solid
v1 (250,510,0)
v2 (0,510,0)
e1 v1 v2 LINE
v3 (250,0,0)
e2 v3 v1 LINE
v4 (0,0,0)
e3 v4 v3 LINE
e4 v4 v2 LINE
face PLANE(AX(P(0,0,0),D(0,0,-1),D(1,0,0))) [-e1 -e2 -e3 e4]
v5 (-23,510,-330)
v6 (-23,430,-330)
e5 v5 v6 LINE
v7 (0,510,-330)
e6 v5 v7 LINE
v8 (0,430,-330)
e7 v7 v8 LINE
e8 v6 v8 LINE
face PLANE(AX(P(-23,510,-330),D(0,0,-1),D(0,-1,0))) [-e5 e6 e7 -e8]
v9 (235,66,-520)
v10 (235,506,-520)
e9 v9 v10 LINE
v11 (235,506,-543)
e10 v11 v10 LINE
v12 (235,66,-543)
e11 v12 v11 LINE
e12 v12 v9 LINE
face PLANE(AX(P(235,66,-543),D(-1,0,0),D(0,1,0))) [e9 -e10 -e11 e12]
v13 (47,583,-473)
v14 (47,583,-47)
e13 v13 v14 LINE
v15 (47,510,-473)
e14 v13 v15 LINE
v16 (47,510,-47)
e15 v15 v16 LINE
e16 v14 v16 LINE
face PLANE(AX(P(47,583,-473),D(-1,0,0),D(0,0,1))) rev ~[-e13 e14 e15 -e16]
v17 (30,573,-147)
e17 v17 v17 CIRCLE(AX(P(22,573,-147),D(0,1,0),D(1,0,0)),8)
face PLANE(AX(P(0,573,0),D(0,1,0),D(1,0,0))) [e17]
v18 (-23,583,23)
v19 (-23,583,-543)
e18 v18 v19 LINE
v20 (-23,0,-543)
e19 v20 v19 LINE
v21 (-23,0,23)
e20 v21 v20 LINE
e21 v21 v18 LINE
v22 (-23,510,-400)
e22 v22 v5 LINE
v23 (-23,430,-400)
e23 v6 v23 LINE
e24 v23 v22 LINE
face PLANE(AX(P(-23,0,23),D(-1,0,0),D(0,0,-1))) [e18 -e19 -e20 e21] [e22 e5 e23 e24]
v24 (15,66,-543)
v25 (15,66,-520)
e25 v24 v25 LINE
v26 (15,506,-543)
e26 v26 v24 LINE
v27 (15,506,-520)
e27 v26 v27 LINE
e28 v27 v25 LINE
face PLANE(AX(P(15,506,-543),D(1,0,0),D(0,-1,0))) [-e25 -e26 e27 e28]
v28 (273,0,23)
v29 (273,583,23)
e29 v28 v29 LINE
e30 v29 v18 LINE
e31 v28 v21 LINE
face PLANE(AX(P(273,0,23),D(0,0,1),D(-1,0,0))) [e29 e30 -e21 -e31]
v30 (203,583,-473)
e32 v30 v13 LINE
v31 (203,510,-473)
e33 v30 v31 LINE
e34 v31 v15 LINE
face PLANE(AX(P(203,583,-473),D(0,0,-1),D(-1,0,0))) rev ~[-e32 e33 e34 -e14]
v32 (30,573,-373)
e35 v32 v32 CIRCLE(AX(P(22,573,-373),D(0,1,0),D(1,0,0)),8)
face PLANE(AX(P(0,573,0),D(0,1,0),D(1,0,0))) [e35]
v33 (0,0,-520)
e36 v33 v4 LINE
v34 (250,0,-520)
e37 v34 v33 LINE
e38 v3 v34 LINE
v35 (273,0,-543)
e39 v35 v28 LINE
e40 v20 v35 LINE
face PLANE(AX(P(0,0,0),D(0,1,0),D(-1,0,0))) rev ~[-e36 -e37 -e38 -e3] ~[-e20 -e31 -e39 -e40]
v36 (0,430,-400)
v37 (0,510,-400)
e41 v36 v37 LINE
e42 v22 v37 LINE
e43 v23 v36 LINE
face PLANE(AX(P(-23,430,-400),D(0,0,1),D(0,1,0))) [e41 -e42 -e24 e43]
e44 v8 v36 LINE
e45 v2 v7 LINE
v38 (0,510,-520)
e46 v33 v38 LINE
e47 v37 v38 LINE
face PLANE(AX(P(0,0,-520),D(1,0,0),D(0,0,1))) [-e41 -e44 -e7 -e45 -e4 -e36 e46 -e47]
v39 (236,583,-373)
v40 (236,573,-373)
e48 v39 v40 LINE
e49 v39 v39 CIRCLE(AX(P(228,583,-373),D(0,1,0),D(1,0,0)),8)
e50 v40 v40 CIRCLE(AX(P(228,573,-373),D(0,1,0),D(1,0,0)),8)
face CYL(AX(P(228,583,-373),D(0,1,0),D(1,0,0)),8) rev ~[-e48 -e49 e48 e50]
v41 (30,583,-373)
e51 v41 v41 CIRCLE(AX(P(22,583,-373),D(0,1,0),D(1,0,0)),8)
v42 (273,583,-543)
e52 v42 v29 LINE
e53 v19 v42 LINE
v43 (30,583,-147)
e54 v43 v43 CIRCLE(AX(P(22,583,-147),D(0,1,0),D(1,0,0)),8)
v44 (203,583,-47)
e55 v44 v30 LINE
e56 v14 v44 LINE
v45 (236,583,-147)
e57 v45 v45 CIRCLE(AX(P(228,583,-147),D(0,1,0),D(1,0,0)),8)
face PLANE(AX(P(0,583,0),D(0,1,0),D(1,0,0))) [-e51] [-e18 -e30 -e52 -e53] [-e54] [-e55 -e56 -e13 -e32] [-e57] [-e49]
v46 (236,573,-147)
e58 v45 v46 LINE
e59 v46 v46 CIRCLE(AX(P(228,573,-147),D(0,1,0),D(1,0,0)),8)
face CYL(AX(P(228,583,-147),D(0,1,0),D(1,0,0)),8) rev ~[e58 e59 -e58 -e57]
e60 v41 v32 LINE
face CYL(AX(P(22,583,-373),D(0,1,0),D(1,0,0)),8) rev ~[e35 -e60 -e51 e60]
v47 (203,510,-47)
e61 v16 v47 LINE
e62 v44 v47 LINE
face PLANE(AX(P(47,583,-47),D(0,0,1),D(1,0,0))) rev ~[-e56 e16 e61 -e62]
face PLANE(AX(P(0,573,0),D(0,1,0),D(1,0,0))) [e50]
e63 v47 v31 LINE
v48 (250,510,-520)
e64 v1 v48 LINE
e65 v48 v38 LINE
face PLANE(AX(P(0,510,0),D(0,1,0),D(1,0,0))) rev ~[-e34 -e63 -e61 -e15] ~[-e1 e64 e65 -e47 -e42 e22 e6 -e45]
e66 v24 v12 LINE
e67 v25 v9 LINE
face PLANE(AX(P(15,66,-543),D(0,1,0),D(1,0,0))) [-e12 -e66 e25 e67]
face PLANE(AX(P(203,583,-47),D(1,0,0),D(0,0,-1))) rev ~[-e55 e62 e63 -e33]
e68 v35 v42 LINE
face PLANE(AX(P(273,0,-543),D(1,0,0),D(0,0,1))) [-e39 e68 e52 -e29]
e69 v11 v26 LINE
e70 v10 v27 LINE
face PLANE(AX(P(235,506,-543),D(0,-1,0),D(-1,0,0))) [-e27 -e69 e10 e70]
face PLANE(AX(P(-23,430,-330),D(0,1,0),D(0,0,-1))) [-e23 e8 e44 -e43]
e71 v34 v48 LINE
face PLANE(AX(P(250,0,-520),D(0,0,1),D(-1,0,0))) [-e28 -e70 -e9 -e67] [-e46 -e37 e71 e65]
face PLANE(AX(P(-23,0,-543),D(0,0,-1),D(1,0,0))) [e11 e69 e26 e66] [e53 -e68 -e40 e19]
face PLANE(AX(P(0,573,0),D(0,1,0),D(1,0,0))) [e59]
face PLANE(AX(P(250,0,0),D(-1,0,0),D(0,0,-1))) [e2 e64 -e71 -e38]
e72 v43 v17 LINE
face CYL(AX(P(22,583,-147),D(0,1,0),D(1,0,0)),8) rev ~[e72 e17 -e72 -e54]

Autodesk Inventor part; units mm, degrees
ref_plane "YZ Plane" through (0, 0, 0) normal (1, 0, 0) x (0, 1, 0)
ref_plane "XZ Plane" through (0, 0, 0) normal (0, 1, 0) x (-1, 0, 0)
ref_plane "XY Plane" through (0, 0, 0) normal (0, 0, 1) x (1, 0, 0)
sketch "Sketch1" plane through (0, 0, 0) normal (0, 1, 0) x (-1, 0, 0)
  line L0 (0, 0) -> (-250, 0)
  line L1 (-250, 0) -> (-250, -520)
  line L2 (-250, -520) -> (0, -520)
  line L3 (0, -520) -> (0, 0)
  line L4 (23, -543) -> (-273, -543)
  line L5 (-273, -543) -> (-273, 23)
  line L6 (-273, 23) -> (23, 23)
  line L7 (23, 23) -> (23, -543)
  dimension "d0" = 250
  dimension "d1" = 520
  dimension "d2" = 23
extrude "Extrusion1" add sketch "Sketch1" along normal blind 583
sketch "Sketch2" plane through (273, 0, -543) normal (0, 0, -1) x (-1, 0, 0)
  line L0 (38, 506) -> (258, 506)
  line L1 (258, 506) -> (258, 66)
  line L2 (258, 66) -> (38, 66)
  line L3 (38, 66) -> (38, 506)
  line L4 (0, 583) -> (296, 583) projected
  line L5 (296, 0) -> (296, 583) projected
  point P0 (273, 0)
  dimension "d5" = 220
  dimension "d6" = 440
  dimension "d7" = 77
  dimension "d8" = 38
extrude "Extrusion2" cut sketch "Sketch2" against normal up to surface (23 mm away)
sketch "Sketch3" plane through (-23, 0, -543) normal (-1, 0, 0) x (0, 0, 1)
  line L0 (143, 510) -> (213, 510)
  line L1 (213, 510) -> (213, 430)
  line L2 (213, 430) -> (143, 430)
  line L3 (143, 430) -> (143, 510)
  line L4 (566, 0) -> (0, 0) projected
  line L5 (0, 0) -> (0, 583) projected
  point P0 (543, 0)
  dimension "d11" = 70
  dimension "d12" = 80
  dimension "d13" = 430
  dimension "d14" = 143
extrude "Extrusion3" cut sketch "Sketch3" against normal up to surface (23 mm away)
sketch "Sketch4" plane through (0, 583, 0) normal (0, 1, 0) x (1, 0, 0)
  point P0 (0, 0)
sketch "Sketch5" plane through (0, 583, 0) normal (0, 1, 0) x (1, 0, 0)
  line L0 (250, 0) -> (250, 520) projected
  line L1 (250, 520) -> (0, 520) projected
  line L2 (250, 0) -> (0, 0)
  line L3 (0, 0) -> (0, 520)
  line L4 (0, 520) -> (250, 520)
  line L5 (250, 520) -> (250, 0)
  line L6 (47, 47) -> (203, 47)
  line L7 (203, 47) -> (203, 473)
  line L8 (203, 473) -> (47, 473)
  line L9 (47, 473) -> (47, 47)
  dimension "d17" = 47
extrude "Extrusion4" add sketch "Sketch5" against normal up to surface (73 mm away)
sketch "Sketch6" plane through (0, 583, 0) normal (0, 1, 0) x (1, 0, 0)
  circle A0 centre (228, 373) radius 8
  line L0 (273, 543) -> (-23, 543) projected
  line L1 (273, -23) -> (273, 543) projected
  circle A1 centre (228, 147) radius 8
  line L2 (-23, -23) -> (273, -23) projected
  line L3 (125, -23) -> (125, 543) construction
  circle A2 centre (22, 373) radius 8
  circle A3 centre (22, 147) radius 8
  point P0 (0, 0)
  dimension "d20" = 16
  dimension "d21" = 170
  dimension "d22" = 45
  dimension "d23" = 16
  dimension "d24" = 170
  dimension "d25" = 45
extrude "Extrusion5" cut sketch "Sketch6" against normal blind 10
properties part number "Riight Leg"
